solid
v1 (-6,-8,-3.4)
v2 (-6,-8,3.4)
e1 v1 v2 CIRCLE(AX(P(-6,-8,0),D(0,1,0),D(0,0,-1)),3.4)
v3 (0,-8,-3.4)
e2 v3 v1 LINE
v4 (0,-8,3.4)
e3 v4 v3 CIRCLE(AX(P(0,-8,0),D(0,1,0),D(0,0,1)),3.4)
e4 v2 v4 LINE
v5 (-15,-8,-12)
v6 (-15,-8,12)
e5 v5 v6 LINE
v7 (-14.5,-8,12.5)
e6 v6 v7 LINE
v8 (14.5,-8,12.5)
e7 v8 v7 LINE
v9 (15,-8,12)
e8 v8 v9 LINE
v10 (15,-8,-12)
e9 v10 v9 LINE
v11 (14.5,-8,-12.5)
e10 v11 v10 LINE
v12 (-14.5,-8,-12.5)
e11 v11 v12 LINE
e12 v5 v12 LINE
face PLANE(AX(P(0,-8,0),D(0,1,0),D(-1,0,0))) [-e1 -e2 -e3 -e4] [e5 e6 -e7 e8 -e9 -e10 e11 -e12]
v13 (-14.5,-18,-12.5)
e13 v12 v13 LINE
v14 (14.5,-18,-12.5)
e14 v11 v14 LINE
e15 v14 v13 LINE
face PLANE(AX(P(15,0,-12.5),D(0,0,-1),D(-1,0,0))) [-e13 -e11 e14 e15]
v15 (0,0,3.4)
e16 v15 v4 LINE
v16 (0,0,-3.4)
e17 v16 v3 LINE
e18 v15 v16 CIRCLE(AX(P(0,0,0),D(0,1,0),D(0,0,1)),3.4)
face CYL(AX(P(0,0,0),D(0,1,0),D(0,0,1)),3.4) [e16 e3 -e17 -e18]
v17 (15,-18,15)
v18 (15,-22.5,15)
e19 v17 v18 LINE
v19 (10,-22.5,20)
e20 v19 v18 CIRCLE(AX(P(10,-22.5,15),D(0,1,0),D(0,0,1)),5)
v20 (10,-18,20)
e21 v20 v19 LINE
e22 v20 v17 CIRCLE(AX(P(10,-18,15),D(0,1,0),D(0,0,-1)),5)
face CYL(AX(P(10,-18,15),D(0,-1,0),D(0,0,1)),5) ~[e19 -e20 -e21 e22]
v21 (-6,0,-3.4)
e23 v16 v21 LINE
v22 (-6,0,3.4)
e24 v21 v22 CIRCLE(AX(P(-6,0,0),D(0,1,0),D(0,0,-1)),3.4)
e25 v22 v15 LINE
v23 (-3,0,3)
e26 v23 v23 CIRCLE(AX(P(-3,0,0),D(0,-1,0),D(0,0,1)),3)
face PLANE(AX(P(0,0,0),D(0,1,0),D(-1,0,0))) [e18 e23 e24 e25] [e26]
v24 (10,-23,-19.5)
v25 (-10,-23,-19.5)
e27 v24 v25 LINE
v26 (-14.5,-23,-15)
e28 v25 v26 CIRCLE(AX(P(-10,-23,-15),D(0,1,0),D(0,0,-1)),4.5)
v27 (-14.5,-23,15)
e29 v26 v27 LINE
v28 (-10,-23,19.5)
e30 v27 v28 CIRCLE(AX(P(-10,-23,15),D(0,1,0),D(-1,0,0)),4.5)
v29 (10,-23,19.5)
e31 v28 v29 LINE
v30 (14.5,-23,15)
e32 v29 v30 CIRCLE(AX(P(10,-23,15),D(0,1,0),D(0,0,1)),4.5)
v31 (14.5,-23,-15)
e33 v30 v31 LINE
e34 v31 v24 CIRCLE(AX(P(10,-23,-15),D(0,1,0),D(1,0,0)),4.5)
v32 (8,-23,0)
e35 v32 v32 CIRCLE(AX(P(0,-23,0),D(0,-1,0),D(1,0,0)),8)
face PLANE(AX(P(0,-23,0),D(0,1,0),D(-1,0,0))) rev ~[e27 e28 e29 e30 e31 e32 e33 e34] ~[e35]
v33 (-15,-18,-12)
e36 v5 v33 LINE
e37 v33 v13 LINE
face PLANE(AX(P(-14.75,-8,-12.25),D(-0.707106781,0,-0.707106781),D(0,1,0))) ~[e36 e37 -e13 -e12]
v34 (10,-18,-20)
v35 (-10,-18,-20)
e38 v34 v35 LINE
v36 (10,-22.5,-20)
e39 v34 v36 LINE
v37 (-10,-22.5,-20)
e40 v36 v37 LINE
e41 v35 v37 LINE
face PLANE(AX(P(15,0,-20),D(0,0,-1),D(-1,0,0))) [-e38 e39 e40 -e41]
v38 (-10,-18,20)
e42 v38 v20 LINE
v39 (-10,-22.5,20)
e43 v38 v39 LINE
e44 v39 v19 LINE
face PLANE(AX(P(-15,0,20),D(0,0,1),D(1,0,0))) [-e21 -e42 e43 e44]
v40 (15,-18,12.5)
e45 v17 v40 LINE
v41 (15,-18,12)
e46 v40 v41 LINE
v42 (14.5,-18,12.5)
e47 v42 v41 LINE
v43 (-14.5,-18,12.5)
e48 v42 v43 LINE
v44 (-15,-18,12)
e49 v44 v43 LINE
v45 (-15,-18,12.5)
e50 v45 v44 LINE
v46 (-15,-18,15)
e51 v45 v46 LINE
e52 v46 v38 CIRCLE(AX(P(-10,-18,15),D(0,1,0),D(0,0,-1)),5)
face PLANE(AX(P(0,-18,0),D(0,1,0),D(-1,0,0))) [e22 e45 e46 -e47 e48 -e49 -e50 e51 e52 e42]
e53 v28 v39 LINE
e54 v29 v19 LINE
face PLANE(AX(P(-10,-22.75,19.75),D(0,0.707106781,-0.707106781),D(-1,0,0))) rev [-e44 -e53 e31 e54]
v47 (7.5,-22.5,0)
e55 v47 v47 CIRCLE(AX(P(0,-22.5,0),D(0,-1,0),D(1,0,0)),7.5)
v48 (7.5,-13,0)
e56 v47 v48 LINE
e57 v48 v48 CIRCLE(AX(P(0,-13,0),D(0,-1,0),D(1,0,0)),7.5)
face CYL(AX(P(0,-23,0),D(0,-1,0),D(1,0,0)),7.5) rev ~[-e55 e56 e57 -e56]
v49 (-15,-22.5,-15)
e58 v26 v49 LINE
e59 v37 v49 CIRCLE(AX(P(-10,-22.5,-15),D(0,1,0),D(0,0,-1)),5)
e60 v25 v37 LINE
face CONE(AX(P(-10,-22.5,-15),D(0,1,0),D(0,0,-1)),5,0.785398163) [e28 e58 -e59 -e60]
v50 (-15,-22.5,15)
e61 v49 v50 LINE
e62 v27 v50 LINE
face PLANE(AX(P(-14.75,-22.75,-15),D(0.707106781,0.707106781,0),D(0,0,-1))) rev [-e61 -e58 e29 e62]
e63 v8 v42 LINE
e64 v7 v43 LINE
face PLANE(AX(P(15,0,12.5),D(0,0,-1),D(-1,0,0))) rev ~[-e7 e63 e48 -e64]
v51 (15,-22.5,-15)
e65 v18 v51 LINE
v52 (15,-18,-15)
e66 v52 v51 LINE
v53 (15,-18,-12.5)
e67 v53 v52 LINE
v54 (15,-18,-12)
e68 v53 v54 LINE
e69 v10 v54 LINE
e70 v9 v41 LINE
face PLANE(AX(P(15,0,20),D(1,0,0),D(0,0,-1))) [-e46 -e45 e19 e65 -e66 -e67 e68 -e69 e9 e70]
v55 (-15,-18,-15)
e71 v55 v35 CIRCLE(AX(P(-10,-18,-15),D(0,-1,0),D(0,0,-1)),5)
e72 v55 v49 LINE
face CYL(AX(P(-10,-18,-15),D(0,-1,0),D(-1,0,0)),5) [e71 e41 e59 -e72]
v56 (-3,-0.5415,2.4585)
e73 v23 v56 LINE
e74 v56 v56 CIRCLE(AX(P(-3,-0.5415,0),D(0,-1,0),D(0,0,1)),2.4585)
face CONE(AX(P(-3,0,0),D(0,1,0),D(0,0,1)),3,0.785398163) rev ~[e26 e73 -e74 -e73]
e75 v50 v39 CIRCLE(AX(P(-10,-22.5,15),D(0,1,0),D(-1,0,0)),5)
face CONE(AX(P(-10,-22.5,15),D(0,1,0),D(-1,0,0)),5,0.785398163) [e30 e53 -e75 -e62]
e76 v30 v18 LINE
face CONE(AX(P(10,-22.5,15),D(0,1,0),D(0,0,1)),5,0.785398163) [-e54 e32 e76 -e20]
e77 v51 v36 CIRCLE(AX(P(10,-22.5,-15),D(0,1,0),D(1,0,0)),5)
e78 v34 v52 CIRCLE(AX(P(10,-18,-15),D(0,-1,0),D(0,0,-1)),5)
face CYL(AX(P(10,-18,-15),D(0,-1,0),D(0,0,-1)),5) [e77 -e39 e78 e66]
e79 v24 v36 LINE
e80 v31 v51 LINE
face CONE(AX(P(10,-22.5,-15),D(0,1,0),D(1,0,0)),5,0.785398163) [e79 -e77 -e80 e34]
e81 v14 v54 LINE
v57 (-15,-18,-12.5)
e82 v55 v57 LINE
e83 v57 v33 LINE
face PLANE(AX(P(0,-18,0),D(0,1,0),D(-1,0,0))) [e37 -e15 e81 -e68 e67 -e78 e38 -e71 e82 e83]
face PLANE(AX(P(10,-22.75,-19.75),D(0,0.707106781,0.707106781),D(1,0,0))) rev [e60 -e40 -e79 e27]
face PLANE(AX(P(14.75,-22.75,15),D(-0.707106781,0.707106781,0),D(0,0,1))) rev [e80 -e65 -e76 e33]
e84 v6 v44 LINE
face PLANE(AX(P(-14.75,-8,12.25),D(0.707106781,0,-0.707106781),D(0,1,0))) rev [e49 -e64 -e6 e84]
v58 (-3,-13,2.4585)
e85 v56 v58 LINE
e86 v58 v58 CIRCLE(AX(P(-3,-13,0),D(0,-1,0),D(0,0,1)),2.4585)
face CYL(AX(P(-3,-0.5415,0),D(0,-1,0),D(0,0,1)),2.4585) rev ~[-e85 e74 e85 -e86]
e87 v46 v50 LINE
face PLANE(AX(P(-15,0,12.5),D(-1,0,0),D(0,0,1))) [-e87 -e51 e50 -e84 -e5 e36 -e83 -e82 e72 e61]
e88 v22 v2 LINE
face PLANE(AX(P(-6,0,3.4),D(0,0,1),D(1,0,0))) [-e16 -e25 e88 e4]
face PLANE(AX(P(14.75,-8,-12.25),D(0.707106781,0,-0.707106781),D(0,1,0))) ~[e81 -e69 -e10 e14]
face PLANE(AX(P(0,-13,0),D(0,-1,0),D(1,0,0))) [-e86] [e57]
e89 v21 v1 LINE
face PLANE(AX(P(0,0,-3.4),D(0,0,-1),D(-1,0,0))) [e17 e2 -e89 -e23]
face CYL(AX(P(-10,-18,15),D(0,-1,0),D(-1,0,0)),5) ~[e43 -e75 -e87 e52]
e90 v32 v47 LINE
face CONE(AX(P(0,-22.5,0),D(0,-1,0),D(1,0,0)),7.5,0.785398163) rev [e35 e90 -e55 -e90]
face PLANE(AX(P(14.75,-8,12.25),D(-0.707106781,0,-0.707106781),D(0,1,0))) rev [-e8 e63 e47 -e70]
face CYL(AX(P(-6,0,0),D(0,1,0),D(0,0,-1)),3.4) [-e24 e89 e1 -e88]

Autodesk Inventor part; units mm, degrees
ref_plane "YZ Plane" through (0, 0, 0) normal (1, 0, 0) x (0, 1, 0)
ref_plane "XZ Plane" through (0, 0, 0) normal (0, 1, 0) x (-1, 0, 0)
ref_plane "XY Plane" through (0, 0, 0) normal (0, 0, 1) x (1, 0, 0)
sketch "Sketch1" plane through (0, 0, 0) normal (0, 1, 0) x (-1, 0, 0)
  line L0 (15, 20) -> (-15, 20)
  line L1 (-15, 20) -> (-15, -20)
  line L2 (-15, -20) -> (15, -20)
  line L3 (15, -20) -> (15, 20)
  line L4 (15, 20) -> (-15, -20) construction
  line L5 (-15, 20) -> (15, -20) construction
  line L6 (21, 0) -> (-21, 0) construction
  line L7 (0, -28) -> (0, 28) construction
  line L8 (6, 0) -> (0, 0) construction
  line L9 (6, 3.4) -> (0, 3.4)
  line L10 (0, -3.4) -> (6, -3.4)
  arc A0 (6, -3.4) -> (6, 3.4) centre (6, 0) ccw
  arc A1 (0, 3.4) -> (0, -3.4) centre (0, 0) ccw
  line L11 (-15, 12.5) -> (15, 12.5)
  line L12 (-15, -12.5) -> (15, -12.5)
  point P0 (0, 0)
  point P1 (3, 0)
  point P2 (3, 0)
  point P3 (15, -12.5)
  dimension "d0" = 40
  dimension "d1" = 30
  dimension "d2" = 6
  dimension "d3" = 6.8
  dimension "d19" = 3
  dimension "d35" = 25
extrude "Extrusion1" add sketch "Sketch1" against normal blind 23 contours L3 L11 L1 L0 | L3 L12 L1 L11 | L3 L2 L1 L12 | A0 L10 A1 L9
extrude "Extrusion2" cut sketch "Sketch1" against normal blind 8
sketch "Sketch3" plane through (0, -23, 0) normal (0, -1, 0) x (1, 0, 0)
  circle A0 centre (0, 0) radius 7.5
  dimension "d29" = 15
extrude "Extrusion5" cut sketch "Sketch3" against normal blind 10
extrude "Extrusion6" cut sketch "Sketch1" against normal blind 18 contours L3 L11 L1 L0 | L3 L2 L1 L12
hole "Hole1" at (-3, 0, 0) direction (0, -1, 0) diameter 4.917 depth 13 countersink diameter 6 countersink angle 90 thread size "M6x1" class "6H" standard "ISO Metric profile"
fillet "Fillet1" radius 5 4 edges at (-15, -20.5, 20) (-15, -20.5, -20) (15, -20.5, -20) (15, -20.5, 20)
chamfer "Chamfer1" distance 0.5 angle 45 13 edges at (0, -23, 20) (-13.5355, -23, 18.5355) (-15, -23, 0) (-13.5355, -23, -18.5355) (0, -23, -20) (13.5355, -23, -18.5355) (15, -23, 0) (13.5355, -23, 18.5355) (-7.5, -23, 0) (-15, -13, 12.5) (-15, -13, -12.5) (15, -13, -12.5) (15, -13, 12.5)
equation "\"d4\" = slotTabH + sheetT"
equation "\"d6\" = slotTabH"
equation "\"slotTabH\" = 8"
equation "\"sheetT\" = 15"
equation "\"totalHeight\" = slotTabH + sheetT"
properties part number "TCSM1-X-003" material "Steel"
